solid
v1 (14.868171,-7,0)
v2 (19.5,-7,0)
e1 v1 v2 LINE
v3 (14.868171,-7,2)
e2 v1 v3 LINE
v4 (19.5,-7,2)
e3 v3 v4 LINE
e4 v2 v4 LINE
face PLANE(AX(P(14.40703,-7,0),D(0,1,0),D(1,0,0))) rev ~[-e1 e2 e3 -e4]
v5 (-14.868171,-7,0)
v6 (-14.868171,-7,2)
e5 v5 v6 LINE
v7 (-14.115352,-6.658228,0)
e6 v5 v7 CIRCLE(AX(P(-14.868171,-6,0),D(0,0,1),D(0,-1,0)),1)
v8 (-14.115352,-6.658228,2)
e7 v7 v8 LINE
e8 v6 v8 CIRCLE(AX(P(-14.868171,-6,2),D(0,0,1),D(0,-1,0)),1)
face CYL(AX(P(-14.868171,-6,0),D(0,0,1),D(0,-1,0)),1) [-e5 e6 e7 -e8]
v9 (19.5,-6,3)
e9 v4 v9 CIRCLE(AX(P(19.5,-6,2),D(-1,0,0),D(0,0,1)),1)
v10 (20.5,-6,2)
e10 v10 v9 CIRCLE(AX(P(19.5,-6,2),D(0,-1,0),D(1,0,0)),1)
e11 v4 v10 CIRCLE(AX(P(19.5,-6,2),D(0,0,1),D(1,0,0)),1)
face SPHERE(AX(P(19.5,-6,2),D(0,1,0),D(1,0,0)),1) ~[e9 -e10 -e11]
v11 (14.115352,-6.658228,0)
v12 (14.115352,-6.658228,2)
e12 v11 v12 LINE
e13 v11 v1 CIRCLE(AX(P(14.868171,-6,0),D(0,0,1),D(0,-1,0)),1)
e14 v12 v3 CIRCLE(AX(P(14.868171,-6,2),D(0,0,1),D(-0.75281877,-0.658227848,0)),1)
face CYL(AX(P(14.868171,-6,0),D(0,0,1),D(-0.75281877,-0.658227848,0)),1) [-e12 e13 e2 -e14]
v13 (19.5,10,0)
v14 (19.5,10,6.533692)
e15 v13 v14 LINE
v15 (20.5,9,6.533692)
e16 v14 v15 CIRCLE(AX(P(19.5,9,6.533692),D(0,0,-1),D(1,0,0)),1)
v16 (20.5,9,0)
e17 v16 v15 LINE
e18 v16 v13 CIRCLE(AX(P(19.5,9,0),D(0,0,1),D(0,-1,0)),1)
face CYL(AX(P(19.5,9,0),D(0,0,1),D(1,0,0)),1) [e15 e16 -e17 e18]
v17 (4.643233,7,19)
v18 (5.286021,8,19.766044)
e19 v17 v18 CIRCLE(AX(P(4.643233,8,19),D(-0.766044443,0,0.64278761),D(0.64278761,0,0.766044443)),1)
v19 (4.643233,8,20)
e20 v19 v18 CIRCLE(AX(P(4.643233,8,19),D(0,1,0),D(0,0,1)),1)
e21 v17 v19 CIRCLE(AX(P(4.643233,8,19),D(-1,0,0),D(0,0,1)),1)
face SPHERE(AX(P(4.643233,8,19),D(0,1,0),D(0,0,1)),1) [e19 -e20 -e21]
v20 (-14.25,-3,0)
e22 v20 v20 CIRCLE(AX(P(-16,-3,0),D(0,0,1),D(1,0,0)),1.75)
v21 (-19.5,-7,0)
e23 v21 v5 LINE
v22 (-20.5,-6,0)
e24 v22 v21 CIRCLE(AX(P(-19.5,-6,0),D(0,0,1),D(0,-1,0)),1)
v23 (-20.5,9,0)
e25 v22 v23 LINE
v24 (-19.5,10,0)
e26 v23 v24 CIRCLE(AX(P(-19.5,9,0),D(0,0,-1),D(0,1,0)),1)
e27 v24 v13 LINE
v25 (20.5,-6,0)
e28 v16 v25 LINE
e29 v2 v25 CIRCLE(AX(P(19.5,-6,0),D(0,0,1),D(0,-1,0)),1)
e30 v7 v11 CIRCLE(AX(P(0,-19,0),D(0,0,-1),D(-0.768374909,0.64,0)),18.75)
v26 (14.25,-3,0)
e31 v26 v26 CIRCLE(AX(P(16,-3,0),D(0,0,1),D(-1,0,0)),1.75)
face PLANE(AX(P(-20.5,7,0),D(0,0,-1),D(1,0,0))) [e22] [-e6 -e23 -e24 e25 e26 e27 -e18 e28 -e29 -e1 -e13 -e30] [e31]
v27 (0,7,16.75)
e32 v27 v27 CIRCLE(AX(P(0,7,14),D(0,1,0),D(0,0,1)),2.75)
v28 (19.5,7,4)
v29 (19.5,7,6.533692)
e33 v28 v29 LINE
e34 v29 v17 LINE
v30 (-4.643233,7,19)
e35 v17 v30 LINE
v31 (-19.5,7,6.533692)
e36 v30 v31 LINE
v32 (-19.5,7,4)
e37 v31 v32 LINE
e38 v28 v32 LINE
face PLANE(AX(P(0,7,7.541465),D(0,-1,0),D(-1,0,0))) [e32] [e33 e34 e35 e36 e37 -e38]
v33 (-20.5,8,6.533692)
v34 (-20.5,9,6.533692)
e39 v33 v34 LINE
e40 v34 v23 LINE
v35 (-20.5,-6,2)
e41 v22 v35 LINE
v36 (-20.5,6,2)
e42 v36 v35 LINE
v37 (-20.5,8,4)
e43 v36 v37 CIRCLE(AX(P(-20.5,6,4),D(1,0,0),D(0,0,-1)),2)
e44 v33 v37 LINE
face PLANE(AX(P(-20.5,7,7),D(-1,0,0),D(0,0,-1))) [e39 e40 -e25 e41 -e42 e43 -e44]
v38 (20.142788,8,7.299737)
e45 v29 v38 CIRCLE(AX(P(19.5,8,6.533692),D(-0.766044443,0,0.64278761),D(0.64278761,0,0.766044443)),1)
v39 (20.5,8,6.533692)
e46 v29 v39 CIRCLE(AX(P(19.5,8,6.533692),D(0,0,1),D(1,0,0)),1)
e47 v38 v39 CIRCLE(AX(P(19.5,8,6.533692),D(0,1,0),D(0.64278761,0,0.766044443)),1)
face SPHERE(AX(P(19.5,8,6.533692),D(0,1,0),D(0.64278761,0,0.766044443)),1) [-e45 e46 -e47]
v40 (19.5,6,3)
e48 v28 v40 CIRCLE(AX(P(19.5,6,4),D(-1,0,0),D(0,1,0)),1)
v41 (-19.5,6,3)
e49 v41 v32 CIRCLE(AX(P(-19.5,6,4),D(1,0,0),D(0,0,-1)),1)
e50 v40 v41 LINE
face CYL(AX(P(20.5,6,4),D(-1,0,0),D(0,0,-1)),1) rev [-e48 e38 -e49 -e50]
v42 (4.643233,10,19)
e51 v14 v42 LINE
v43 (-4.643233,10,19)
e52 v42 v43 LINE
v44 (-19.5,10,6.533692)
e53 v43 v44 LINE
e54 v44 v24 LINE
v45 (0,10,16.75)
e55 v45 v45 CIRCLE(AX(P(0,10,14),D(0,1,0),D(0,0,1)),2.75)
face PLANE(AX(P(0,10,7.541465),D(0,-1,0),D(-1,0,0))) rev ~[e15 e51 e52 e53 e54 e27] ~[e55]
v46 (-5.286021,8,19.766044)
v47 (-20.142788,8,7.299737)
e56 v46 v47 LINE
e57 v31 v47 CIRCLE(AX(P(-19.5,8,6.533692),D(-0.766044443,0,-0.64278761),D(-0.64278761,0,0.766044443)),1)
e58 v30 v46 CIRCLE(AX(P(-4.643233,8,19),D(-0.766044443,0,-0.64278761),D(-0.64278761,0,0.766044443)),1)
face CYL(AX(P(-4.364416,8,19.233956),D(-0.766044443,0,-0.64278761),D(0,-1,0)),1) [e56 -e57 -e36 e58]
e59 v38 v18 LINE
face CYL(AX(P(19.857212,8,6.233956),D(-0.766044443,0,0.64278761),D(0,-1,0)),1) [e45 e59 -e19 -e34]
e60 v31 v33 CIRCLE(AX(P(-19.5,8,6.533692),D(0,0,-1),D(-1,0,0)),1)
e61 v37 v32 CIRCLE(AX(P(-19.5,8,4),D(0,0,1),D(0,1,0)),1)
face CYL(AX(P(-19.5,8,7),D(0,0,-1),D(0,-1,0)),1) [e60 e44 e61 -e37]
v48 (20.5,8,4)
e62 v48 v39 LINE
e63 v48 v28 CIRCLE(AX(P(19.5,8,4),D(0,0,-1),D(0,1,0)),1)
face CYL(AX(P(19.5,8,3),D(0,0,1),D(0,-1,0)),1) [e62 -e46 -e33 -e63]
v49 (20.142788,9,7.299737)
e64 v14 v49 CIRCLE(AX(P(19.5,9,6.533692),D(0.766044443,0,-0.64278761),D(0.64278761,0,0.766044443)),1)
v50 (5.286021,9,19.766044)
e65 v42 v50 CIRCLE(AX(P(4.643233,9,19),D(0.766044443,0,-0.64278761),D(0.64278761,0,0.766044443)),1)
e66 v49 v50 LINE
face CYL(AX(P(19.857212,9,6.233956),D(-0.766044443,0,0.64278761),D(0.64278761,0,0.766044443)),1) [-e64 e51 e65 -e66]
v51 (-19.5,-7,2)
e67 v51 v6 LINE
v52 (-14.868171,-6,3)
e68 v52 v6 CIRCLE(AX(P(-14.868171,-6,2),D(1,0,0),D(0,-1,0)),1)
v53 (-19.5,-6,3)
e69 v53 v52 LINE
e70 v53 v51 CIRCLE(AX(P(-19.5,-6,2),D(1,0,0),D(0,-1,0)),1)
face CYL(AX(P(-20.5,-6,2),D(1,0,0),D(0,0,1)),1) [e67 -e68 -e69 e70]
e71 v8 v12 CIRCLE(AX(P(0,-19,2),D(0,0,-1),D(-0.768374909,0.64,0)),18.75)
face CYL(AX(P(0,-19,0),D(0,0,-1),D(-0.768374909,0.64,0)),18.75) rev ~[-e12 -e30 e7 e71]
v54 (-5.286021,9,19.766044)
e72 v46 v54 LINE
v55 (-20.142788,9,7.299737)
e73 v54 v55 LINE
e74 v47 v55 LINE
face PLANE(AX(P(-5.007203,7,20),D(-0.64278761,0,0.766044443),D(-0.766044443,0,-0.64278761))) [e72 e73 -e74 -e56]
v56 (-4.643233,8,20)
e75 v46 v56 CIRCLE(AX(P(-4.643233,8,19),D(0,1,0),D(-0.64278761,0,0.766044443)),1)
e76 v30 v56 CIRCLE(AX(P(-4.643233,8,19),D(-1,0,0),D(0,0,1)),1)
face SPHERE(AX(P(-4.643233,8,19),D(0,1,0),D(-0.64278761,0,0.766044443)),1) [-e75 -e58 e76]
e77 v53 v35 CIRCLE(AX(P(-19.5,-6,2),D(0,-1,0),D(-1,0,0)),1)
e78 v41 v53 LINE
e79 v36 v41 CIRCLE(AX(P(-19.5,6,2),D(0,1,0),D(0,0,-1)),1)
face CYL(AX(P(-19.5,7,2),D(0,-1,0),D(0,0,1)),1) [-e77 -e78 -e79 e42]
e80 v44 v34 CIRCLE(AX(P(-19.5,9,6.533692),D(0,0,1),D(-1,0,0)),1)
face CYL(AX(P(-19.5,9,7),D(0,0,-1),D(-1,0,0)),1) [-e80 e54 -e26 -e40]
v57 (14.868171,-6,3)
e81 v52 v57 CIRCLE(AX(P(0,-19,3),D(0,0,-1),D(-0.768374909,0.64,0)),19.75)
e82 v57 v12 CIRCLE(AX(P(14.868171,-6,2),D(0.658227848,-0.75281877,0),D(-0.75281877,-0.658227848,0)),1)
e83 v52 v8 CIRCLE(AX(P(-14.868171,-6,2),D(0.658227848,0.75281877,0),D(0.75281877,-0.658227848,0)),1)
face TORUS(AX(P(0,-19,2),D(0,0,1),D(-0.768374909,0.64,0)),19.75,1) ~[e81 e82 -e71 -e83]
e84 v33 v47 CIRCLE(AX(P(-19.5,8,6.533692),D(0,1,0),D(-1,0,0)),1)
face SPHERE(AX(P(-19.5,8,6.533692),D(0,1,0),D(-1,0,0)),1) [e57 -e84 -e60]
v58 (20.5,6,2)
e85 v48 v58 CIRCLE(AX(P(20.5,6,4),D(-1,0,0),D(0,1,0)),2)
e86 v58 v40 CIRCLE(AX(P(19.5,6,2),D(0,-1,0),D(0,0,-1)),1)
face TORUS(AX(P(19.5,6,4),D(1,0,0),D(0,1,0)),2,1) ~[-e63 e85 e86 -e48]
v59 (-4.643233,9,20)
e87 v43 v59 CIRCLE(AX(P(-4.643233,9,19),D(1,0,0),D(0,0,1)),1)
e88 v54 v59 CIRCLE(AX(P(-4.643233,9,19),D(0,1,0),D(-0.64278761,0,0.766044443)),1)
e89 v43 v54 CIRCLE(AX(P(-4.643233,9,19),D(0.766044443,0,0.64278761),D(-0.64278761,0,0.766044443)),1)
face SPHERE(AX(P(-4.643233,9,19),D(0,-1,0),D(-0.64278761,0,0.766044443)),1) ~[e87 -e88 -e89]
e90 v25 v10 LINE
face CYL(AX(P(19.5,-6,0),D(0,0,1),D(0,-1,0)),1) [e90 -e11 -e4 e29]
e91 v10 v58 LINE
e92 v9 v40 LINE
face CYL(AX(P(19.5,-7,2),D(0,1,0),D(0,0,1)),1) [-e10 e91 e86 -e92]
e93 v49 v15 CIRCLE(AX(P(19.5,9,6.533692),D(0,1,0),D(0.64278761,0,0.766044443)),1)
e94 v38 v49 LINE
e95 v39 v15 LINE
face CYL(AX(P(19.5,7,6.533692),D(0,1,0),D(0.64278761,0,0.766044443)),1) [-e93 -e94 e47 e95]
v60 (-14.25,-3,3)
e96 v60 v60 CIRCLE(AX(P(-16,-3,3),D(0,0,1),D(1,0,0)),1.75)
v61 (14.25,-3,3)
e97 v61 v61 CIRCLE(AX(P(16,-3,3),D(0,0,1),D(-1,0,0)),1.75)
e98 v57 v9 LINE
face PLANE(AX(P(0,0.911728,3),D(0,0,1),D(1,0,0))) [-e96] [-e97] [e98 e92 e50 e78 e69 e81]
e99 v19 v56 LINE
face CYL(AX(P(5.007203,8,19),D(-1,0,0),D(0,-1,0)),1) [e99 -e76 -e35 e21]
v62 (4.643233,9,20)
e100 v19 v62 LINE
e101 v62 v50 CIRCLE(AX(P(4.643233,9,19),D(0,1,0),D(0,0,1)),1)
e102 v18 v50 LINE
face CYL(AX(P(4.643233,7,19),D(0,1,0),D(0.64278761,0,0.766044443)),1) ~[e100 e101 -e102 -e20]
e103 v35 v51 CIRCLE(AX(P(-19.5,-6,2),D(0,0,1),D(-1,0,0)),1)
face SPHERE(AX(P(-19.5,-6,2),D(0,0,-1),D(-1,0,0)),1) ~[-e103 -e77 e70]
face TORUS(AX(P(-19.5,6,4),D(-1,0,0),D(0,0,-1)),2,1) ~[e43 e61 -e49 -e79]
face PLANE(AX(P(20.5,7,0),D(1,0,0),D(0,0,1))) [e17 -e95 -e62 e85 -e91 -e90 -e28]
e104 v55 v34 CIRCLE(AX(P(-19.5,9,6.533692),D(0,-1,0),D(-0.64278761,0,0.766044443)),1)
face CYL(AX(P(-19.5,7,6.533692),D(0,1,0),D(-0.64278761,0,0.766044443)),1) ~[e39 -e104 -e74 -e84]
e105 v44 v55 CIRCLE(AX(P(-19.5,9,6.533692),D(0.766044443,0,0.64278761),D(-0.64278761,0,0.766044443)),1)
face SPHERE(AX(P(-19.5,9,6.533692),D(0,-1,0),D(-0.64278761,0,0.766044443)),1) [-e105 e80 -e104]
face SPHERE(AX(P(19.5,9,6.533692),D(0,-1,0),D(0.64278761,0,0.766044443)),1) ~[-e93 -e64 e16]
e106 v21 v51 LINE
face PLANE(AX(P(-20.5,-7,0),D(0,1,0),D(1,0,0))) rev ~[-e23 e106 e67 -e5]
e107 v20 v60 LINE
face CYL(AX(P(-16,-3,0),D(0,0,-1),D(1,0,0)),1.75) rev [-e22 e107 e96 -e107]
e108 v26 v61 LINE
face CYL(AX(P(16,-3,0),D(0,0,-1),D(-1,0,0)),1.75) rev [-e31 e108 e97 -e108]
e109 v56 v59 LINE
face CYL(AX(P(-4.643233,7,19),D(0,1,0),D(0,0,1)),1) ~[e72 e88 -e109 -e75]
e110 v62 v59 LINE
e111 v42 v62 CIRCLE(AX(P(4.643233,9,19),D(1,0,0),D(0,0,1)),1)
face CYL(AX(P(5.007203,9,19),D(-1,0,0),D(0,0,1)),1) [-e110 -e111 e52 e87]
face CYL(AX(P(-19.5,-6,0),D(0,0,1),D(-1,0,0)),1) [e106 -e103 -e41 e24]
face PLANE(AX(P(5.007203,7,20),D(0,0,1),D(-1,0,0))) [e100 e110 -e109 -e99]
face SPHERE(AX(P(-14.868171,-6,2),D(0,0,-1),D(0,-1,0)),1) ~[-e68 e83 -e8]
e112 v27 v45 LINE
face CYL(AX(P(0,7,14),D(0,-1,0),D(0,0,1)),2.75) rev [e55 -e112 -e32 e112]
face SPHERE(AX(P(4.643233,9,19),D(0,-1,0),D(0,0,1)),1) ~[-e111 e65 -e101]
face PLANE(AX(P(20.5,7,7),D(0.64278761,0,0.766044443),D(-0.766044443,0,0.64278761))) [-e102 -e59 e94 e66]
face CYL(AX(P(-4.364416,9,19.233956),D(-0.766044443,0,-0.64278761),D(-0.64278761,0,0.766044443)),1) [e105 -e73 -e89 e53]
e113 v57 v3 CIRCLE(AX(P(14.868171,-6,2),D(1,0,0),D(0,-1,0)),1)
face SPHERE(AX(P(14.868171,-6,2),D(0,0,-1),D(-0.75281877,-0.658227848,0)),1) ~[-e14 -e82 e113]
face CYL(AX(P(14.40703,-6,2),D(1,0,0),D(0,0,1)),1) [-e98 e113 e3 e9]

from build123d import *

# Parameters (mm, degrees)
SKETCH1_R           = 1.75
BOSS_EXTRUDE1_DEPTH = 3
SKETCH2_R           = 2.75
BOSS_EXTRUDE2_DEPTH = 3
FILLET1_R           = 1


with BuildPart() as part:
    # Sketch1 → Boss-Extrude1 (new body)
    with BuildSketch(Plane.XY):
        with BuildLine():
            Line((-20.5, 7), (-20.5, -7))
            Line((-20.5, -7), (-14.407029534, -7))
            ThreePointArc((-14.407029534, -7), (0, -0.25), (14.407029534, -7))
            Line((14.407029534, -7), (20.5, -7))
            Line((20.5, -7), (20.5, 7))
            Line((20.5, 7), (-20.5, 7))
        make_face()
        with Locations((-16, -3)):
            Circle(SKETCH1_R, mode=Mode.SUBTRACT)
        with Locations(Location((16, -3, 0), (0, 0, 180))):
            Circle(SKETCH1_R, mode=Mode.SUBTRACT)
    extrude(amount=BOSS_EXTRUDE1_DEPTH)

    # Sketch2 → Boss-Extrude2 (add)
    with BuildSketch(Plane(origin=(0, 7, 0), x_dir=(1, 0, 0), z_dir=(0, 1, 0))):
        Polygon((-20.5, 0), (20.5, 0), (20.5, -7), (5.007203296, -20), (-5.007203296, -20), (-20.5, -7), align=None)
        with Locations(Location((0, -14, 0), (0, 0, 270))):
            Circle(SKETCH2_R, mode=Mode.SUBTRACT)
    extrude(amount=BOSS_EXTRUDE2_DEPTH)

    # Fillet1
    fillet1_edges = [part.edges().sort_by_distance(p)[0] for p in [
        (20.5, 0, 3),
        (-14.407029534, -7, 1.5),
        (-20.5, -7, 1.5),
        (20.5, -7, 1.5),
        (14.407029534, -7, 1.5),
        (0, 7, 3),
        (-20.5, 0, 3),
        (-17.453514767, -7, 3),
        (-12.753601648, 10, 13.5),
        (0, 10, 20),
        (12.753601648, 10, 13.5),
        (20.5, 10, 3.5),
        (-20.5, 10, 3.5),
        (-12.753601648, 7, 13.5),
        (-20.5, 8.5, 7),
        (0, 7, 20),
        (-5.007203296, 8.5, 20),
        (12.753601648, 7, 13.5),
        (5.007203296, 8.5, 20),
        (20.5, 7, 5),
        (20.5, 8.5, 7),
        (-20.5, 7, 5),
        (0, -0.25, 3),
        (17.453514767, -7, 3),
    ]]
    fillet(fillet1_edges, radius=FILLET1_R)


solid = part.part
